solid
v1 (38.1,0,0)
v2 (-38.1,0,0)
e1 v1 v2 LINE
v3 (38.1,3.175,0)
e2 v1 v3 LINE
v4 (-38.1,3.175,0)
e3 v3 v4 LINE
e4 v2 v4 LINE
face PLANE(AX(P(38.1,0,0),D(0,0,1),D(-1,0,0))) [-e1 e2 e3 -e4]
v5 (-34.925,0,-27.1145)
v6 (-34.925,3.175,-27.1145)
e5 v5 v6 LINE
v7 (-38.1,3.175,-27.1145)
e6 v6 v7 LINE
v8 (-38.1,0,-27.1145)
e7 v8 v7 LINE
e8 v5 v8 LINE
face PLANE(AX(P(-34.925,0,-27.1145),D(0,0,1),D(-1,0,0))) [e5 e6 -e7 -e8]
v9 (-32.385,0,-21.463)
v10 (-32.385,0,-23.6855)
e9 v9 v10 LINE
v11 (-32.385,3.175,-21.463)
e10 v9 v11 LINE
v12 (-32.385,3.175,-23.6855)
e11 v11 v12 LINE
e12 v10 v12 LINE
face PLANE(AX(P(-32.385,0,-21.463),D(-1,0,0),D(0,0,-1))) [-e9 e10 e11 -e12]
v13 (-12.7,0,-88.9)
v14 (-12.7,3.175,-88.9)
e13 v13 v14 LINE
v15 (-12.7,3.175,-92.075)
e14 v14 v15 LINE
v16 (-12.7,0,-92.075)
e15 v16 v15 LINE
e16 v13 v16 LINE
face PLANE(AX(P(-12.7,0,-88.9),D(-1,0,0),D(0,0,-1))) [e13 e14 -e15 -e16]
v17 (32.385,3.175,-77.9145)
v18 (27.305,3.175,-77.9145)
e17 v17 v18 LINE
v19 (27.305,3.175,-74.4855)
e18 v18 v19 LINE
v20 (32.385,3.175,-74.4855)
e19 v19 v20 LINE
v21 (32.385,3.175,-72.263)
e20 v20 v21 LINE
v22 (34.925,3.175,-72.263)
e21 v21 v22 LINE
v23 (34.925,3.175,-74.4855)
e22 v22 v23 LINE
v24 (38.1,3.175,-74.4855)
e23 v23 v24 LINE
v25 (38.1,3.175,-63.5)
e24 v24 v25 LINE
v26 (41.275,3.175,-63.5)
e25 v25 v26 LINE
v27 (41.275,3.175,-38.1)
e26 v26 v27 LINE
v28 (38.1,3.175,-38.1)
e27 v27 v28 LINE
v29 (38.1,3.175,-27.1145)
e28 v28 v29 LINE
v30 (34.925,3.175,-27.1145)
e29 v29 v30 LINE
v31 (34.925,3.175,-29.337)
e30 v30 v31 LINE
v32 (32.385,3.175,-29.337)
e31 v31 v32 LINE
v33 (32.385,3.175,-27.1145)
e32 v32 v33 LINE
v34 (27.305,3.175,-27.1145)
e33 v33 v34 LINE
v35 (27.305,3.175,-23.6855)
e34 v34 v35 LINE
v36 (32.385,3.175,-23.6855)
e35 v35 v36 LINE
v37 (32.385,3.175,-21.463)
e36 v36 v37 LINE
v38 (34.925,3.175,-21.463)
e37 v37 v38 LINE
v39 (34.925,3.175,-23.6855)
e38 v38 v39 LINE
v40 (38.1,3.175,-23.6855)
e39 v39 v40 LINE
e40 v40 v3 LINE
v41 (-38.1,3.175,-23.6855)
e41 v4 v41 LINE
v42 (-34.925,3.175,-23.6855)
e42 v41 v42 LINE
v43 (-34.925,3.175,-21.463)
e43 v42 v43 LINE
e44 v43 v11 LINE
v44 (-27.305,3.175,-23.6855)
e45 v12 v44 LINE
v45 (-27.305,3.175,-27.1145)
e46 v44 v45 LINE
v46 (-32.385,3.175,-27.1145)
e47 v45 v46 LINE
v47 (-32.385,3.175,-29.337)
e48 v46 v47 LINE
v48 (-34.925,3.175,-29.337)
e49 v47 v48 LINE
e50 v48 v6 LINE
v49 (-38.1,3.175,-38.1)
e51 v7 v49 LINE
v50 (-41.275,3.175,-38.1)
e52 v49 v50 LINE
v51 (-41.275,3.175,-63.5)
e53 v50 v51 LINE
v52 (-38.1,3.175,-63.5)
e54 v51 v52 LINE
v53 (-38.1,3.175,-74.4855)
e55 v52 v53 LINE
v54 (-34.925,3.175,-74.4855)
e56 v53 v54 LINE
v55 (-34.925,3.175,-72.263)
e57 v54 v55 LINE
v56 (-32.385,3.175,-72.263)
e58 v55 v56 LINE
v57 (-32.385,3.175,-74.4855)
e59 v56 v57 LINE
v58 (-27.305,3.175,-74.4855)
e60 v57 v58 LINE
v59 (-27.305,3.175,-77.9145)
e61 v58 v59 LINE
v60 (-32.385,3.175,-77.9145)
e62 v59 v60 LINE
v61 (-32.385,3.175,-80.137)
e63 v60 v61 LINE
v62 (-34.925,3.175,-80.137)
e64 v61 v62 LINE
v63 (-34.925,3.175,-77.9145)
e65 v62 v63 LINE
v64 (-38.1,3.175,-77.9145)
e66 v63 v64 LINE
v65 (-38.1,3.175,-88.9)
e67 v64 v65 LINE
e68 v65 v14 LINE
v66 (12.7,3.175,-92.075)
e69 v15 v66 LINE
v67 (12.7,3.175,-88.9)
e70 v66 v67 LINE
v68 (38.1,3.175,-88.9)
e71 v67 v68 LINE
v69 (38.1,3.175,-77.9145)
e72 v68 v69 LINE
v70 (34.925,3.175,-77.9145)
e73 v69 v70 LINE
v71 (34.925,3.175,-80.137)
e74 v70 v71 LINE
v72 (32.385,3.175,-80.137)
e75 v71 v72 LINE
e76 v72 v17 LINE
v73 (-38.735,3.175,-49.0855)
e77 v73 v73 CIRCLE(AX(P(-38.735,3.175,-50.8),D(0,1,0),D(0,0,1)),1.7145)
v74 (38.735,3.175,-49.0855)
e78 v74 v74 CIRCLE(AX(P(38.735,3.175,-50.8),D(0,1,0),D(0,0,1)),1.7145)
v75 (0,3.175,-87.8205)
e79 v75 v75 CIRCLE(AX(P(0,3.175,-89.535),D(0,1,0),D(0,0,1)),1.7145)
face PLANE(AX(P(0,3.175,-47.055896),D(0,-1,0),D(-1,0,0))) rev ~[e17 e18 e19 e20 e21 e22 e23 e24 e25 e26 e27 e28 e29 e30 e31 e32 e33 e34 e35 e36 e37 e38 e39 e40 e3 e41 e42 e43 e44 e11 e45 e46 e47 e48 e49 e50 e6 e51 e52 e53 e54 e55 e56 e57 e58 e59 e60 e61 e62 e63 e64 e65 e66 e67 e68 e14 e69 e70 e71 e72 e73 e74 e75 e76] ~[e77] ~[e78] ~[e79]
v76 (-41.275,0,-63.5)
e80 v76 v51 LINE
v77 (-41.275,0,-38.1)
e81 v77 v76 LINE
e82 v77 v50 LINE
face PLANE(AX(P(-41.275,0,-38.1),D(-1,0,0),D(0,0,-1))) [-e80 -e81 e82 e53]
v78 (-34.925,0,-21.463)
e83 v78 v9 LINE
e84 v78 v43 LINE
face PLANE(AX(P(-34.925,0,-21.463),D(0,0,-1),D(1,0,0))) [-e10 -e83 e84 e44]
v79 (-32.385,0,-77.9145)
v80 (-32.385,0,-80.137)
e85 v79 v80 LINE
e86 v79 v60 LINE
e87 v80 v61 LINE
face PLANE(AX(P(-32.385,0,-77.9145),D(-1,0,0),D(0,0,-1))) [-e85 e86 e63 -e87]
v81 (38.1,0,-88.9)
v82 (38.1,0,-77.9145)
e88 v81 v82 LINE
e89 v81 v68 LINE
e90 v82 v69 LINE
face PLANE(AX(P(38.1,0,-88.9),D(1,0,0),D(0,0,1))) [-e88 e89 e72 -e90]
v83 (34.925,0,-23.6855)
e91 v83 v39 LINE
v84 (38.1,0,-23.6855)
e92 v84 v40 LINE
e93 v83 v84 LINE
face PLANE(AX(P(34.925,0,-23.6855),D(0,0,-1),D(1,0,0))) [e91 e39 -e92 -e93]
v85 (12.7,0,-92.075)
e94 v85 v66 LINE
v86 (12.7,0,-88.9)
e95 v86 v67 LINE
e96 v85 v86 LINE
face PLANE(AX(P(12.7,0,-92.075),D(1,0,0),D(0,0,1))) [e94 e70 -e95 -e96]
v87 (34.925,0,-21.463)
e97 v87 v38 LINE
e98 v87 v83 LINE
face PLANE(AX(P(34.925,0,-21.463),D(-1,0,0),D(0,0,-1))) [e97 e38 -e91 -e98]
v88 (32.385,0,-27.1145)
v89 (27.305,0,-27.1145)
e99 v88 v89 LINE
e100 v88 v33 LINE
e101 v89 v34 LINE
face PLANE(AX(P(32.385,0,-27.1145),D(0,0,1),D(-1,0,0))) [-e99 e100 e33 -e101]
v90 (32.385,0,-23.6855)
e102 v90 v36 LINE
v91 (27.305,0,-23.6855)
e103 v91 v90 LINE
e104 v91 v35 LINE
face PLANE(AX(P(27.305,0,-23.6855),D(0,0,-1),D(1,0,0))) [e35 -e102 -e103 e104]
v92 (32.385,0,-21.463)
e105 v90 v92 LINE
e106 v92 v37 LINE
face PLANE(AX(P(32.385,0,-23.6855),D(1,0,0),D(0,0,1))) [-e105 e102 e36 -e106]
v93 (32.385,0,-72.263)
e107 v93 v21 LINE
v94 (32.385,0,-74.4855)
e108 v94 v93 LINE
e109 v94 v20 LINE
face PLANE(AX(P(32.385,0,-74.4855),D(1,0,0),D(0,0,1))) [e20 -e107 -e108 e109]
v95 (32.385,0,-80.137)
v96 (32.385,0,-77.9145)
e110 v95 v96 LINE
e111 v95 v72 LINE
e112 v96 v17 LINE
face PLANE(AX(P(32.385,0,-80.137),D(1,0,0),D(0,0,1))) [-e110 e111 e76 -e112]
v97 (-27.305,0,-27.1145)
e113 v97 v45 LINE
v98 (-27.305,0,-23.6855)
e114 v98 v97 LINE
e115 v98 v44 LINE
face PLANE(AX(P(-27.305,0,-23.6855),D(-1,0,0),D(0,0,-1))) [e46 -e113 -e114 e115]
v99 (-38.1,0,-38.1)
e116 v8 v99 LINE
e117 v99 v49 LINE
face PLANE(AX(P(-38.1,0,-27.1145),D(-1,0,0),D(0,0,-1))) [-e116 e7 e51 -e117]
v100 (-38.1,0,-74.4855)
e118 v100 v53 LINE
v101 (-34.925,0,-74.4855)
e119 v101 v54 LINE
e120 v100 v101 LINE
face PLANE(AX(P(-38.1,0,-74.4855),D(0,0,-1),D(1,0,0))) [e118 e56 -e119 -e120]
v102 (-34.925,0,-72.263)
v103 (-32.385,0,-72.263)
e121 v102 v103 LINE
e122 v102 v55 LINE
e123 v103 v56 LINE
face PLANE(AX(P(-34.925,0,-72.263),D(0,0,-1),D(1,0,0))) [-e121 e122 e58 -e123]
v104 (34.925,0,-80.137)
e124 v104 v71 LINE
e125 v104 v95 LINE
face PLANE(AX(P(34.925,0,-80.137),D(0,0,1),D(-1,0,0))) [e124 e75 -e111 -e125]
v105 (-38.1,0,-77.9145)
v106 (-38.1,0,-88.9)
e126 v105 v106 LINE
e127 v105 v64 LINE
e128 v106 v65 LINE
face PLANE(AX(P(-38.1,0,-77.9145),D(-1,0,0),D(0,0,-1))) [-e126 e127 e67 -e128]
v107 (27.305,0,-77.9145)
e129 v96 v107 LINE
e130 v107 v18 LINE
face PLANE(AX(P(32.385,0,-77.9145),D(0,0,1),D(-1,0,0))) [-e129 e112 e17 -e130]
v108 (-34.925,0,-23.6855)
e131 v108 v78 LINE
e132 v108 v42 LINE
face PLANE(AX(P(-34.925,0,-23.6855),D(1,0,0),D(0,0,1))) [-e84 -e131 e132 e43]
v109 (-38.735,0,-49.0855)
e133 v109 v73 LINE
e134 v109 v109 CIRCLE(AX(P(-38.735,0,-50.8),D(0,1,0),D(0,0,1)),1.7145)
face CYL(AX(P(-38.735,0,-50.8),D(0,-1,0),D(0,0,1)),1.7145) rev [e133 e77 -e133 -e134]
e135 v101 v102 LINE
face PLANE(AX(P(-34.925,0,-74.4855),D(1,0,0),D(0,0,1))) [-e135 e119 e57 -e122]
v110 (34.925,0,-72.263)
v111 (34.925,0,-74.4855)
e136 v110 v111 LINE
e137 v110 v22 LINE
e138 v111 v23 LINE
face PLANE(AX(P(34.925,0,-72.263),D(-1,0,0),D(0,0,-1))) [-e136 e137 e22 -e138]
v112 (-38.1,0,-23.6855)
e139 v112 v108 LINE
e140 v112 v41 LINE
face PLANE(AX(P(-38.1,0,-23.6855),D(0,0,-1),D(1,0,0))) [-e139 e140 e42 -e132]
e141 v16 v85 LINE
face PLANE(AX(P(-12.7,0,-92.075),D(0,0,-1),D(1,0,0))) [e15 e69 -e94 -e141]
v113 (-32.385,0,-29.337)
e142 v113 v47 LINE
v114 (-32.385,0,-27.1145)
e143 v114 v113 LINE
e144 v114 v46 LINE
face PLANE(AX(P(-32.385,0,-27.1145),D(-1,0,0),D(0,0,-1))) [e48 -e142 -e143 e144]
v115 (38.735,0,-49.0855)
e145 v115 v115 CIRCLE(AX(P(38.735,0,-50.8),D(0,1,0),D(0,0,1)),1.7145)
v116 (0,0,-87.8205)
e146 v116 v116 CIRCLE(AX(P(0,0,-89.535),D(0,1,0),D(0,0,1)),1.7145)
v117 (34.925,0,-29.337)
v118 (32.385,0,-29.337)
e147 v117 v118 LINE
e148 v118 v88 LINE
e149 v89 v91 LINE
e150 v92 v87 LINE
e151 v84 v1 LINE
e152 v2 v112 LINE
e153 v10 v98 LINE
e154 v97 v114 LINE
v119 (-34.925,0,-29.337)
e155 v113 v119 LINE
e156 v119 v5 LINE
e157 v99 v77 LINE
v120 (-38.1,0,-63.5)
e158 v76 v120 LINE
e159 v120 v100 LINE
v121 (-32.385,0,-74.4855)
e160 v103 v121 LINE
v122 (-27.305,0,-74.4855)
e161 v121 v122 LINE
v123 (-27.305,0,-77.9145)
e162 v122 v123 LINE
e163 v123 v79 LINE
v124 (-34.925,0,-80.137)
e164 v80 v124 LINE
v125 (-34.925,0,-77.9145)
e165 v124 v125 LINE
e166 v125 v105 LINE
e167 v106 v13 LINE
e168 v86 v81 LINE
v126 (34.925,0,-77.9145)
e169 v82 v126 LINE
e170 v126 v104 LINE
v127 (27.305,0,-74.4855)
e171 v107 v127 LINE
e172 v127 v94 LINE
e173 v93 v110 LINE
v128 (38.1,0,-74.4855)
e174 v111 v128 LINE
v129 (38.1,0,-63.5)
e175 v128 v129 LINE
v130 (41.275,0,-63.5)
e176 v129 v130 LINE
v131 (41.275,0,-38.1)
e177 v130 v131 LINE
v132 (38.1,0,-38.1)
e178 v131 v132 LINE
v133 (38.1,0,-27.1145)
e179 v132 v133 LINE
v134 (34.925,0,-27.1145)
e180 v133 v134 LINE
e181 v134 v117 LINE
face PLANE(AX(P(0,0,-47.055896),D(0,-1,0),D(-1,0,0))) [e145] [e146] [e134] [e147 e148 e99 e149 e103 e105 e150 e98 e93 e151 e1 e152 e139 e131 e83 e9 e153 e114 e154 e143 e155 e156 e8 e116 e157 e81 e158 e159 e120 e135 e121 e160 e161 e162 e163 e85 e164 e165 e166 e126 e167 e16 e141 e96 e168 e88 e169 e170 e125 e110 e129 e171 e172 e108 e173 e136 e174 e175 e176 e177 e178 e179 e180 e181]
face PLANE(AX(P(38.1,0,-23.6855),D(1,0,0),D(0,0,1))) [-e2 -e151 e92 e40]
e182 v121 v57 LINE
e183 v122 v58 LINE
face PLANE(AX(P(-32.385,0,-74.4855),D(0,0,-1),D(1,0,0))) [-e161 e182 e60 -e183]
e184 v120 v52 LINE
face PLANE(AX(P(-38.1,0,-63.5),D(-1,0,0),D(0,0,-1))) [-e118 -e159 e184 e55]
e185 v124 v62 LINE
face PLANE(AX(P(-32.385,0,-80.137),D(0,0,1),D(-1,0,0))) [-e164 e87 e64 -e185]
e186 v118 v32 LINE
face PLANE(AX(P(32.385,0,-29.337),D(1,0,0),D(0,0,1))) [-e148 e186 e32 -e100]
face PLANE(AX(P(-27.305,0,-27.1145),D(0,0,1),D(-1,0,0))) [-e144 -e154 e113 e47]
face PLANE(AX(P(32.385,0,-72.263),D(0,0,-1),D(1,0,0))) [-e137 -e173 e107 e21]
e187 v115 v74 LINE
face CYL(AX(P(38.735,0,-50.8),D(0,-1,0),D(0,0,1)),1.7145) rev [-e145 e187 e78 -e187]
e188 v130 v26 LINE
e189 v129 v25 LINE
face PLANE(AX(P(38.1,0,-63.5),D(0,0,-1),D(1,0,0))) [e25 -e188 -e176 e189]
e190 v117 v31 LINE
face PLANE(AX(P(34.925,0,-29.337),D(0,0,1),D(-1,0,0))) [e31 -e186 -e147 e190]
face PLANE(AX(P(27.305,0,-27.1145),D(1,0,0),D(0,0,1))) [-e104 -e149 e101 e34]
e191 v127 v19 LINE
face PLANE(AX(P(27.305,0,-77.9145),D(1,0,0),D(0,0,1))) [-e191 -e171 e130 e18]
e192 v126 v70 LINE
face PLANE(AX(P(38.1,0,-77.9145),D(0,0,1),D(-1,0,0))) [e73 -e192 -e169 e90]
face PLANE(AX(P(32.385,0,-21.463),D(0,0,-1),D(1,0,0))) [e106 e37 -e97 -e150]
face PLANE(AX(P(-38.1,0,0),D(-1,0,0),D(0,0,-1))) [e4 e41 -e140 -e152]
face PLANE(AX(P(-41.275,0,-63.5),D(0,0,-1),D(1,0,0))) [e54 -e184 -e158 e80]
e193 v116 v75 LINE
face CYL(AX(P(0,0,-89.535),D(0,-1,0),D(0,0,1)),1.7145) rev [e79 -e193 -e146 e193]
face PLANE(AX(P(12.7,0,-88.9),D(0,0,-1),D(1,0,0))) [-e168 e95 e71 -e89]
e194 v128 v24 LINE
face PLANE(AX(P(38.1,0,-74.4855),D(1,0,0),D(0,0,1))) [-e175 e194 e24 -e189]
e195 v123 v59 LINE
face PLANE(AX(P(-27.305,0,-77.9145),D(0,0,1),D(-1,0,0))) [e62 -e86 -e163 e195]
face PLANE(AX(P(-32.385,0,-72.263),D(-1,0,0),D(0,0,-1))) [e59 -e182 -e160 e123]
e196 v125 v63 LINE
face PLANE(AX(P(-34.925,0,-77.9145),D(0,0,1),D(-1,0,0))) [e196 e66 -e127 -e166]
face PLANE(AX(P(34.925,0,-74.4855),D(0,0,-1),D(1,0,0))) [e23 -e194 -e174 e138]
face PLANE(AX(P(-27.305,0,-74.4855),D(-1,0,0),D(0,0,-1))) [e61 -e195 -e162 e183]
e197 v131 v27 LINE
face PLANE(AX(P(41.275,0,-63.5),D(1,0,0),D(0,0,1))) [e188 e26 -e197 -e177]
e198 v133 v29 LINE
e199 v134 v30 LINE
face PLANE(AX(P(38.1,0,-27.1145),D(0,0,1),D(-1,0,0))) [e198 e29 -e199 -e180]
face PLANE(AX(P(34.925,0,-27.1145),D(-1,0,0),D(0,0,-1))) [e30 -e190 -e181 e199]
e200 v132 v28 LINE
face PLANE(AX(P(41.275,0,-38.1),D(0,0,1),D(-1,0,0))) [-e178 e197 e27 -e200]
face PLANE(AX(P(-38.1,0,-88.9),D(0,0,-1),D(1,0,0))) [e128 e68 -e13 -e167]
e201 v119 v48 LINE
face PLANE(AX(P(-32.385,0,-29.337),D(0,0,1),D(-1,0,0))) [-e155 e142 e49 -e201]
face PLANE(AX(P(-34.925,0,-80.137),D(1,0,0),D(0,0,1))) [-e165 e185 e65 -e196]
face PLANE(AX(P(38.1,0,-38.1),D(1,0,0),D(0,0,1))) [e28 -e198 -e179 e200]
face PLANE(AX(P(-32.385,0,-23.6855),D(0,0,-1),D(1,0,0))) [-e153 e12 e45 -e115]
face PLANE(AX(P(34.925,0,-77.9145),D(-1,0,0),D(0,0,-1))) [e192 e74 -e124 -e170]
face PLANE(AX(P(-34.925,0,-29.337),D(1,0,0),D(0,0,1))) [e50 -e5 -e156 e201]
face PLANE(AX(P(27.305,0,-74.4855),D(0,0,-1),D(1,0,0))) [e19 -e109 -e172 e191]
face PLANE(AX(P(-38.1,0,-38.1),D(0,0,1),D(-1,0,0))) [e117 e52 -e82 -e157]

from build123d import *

# Parameters (mm, degrees)
SKETCH1_R           = 1.7145
BOSS_EXTRUDE1_DEPTH = 3.175


with BuildPart() as part:
    # Sketch1 → Boss-Extrude1 (new body)
    with BuildSketch(Plane(origin=(0, 0, 0), x_dir=(1, 0, 0), z_dir=(0, 1, 0))):
        Polygon((-38.1, 0), (-38.1, 23.6855), (-34.925, 23.6855), (-34.925, 21.463), (-32.385, 21.463), (-32.385, 23.6855), (-27.305, 23.6855), (-27.305, 27.1145), (-32.385, 27.1145), (-32.385, 29.337), (-34.925, 29.337), (-34.925, 27.1145), (-38.1, 27.1145), (-38.1, 38.1), (-41.275, 38.1), (-41.275, 63.5), (-38.1, 63.5), (-38.1, 74.4855), (-34.925, 74.4855), (-34.925, 72.263), (-32.385, 72.263), (-32.385, 74.4855), (-27.305, 74.4855), (-27.305, 77.9145), (-32.385, 77.9145), (-32.385, 80.137), (-34.925, 80.137), (-34.925, 77.9145), (-38.1, 77.9145), (-38.1, 88.9), (-12.7, 88.9), (-12.7, 92.075), (12.7, 92.075), (12.7, 88.9), (38.1, 88.9), (38.1, 77.9145), (34.925, 77.9145), (34.925, 80.137), (32.385, 80.137), (32.385, 77.9145), (27.305, 77.9145), (27.305, 74.4855), (32.385, 74.4855), (32.385, 72.263), (34.925, 72.263), (34.925, 74.4855), (38.1, 74.4855), (38.1, 63.5), (41.275, 63.5), (41.275, 38.1), (38.1, 38.1), (38.1, 27.1145), (34.925, 27.1145), (34.925, 29.337), (32.385, 29.337), (32.385, 27.1145), (27.305, 27.1145), (27.305, 23.6855), (32.385, 23.6855), (32.385, 21.463), (34.925, 21.463), (34.925, 23.6855), (38.1, 23.6855), (38.1, 0), align=None)
        with Locations(Location((-38.735, 50.8, 0), (0, 0, 270))):
            Circle(SKETCH1_R, mode=Mode.SUBTRACT)
        with Locations(Location((0, 89.535, 0), (0, 0, 270))):
            Circle(SKETCH1_R, mode=Mode.SUBTRACT)
        with Locations(Location((38.735, 50.8, 0), (0, 0, 270))):
            Circle(SKETCH1_R, mode=Mode.SUBTRACT)
    extrude(amount=BOSS_EXTRUDE1_DEPTH)


solid = part.part
